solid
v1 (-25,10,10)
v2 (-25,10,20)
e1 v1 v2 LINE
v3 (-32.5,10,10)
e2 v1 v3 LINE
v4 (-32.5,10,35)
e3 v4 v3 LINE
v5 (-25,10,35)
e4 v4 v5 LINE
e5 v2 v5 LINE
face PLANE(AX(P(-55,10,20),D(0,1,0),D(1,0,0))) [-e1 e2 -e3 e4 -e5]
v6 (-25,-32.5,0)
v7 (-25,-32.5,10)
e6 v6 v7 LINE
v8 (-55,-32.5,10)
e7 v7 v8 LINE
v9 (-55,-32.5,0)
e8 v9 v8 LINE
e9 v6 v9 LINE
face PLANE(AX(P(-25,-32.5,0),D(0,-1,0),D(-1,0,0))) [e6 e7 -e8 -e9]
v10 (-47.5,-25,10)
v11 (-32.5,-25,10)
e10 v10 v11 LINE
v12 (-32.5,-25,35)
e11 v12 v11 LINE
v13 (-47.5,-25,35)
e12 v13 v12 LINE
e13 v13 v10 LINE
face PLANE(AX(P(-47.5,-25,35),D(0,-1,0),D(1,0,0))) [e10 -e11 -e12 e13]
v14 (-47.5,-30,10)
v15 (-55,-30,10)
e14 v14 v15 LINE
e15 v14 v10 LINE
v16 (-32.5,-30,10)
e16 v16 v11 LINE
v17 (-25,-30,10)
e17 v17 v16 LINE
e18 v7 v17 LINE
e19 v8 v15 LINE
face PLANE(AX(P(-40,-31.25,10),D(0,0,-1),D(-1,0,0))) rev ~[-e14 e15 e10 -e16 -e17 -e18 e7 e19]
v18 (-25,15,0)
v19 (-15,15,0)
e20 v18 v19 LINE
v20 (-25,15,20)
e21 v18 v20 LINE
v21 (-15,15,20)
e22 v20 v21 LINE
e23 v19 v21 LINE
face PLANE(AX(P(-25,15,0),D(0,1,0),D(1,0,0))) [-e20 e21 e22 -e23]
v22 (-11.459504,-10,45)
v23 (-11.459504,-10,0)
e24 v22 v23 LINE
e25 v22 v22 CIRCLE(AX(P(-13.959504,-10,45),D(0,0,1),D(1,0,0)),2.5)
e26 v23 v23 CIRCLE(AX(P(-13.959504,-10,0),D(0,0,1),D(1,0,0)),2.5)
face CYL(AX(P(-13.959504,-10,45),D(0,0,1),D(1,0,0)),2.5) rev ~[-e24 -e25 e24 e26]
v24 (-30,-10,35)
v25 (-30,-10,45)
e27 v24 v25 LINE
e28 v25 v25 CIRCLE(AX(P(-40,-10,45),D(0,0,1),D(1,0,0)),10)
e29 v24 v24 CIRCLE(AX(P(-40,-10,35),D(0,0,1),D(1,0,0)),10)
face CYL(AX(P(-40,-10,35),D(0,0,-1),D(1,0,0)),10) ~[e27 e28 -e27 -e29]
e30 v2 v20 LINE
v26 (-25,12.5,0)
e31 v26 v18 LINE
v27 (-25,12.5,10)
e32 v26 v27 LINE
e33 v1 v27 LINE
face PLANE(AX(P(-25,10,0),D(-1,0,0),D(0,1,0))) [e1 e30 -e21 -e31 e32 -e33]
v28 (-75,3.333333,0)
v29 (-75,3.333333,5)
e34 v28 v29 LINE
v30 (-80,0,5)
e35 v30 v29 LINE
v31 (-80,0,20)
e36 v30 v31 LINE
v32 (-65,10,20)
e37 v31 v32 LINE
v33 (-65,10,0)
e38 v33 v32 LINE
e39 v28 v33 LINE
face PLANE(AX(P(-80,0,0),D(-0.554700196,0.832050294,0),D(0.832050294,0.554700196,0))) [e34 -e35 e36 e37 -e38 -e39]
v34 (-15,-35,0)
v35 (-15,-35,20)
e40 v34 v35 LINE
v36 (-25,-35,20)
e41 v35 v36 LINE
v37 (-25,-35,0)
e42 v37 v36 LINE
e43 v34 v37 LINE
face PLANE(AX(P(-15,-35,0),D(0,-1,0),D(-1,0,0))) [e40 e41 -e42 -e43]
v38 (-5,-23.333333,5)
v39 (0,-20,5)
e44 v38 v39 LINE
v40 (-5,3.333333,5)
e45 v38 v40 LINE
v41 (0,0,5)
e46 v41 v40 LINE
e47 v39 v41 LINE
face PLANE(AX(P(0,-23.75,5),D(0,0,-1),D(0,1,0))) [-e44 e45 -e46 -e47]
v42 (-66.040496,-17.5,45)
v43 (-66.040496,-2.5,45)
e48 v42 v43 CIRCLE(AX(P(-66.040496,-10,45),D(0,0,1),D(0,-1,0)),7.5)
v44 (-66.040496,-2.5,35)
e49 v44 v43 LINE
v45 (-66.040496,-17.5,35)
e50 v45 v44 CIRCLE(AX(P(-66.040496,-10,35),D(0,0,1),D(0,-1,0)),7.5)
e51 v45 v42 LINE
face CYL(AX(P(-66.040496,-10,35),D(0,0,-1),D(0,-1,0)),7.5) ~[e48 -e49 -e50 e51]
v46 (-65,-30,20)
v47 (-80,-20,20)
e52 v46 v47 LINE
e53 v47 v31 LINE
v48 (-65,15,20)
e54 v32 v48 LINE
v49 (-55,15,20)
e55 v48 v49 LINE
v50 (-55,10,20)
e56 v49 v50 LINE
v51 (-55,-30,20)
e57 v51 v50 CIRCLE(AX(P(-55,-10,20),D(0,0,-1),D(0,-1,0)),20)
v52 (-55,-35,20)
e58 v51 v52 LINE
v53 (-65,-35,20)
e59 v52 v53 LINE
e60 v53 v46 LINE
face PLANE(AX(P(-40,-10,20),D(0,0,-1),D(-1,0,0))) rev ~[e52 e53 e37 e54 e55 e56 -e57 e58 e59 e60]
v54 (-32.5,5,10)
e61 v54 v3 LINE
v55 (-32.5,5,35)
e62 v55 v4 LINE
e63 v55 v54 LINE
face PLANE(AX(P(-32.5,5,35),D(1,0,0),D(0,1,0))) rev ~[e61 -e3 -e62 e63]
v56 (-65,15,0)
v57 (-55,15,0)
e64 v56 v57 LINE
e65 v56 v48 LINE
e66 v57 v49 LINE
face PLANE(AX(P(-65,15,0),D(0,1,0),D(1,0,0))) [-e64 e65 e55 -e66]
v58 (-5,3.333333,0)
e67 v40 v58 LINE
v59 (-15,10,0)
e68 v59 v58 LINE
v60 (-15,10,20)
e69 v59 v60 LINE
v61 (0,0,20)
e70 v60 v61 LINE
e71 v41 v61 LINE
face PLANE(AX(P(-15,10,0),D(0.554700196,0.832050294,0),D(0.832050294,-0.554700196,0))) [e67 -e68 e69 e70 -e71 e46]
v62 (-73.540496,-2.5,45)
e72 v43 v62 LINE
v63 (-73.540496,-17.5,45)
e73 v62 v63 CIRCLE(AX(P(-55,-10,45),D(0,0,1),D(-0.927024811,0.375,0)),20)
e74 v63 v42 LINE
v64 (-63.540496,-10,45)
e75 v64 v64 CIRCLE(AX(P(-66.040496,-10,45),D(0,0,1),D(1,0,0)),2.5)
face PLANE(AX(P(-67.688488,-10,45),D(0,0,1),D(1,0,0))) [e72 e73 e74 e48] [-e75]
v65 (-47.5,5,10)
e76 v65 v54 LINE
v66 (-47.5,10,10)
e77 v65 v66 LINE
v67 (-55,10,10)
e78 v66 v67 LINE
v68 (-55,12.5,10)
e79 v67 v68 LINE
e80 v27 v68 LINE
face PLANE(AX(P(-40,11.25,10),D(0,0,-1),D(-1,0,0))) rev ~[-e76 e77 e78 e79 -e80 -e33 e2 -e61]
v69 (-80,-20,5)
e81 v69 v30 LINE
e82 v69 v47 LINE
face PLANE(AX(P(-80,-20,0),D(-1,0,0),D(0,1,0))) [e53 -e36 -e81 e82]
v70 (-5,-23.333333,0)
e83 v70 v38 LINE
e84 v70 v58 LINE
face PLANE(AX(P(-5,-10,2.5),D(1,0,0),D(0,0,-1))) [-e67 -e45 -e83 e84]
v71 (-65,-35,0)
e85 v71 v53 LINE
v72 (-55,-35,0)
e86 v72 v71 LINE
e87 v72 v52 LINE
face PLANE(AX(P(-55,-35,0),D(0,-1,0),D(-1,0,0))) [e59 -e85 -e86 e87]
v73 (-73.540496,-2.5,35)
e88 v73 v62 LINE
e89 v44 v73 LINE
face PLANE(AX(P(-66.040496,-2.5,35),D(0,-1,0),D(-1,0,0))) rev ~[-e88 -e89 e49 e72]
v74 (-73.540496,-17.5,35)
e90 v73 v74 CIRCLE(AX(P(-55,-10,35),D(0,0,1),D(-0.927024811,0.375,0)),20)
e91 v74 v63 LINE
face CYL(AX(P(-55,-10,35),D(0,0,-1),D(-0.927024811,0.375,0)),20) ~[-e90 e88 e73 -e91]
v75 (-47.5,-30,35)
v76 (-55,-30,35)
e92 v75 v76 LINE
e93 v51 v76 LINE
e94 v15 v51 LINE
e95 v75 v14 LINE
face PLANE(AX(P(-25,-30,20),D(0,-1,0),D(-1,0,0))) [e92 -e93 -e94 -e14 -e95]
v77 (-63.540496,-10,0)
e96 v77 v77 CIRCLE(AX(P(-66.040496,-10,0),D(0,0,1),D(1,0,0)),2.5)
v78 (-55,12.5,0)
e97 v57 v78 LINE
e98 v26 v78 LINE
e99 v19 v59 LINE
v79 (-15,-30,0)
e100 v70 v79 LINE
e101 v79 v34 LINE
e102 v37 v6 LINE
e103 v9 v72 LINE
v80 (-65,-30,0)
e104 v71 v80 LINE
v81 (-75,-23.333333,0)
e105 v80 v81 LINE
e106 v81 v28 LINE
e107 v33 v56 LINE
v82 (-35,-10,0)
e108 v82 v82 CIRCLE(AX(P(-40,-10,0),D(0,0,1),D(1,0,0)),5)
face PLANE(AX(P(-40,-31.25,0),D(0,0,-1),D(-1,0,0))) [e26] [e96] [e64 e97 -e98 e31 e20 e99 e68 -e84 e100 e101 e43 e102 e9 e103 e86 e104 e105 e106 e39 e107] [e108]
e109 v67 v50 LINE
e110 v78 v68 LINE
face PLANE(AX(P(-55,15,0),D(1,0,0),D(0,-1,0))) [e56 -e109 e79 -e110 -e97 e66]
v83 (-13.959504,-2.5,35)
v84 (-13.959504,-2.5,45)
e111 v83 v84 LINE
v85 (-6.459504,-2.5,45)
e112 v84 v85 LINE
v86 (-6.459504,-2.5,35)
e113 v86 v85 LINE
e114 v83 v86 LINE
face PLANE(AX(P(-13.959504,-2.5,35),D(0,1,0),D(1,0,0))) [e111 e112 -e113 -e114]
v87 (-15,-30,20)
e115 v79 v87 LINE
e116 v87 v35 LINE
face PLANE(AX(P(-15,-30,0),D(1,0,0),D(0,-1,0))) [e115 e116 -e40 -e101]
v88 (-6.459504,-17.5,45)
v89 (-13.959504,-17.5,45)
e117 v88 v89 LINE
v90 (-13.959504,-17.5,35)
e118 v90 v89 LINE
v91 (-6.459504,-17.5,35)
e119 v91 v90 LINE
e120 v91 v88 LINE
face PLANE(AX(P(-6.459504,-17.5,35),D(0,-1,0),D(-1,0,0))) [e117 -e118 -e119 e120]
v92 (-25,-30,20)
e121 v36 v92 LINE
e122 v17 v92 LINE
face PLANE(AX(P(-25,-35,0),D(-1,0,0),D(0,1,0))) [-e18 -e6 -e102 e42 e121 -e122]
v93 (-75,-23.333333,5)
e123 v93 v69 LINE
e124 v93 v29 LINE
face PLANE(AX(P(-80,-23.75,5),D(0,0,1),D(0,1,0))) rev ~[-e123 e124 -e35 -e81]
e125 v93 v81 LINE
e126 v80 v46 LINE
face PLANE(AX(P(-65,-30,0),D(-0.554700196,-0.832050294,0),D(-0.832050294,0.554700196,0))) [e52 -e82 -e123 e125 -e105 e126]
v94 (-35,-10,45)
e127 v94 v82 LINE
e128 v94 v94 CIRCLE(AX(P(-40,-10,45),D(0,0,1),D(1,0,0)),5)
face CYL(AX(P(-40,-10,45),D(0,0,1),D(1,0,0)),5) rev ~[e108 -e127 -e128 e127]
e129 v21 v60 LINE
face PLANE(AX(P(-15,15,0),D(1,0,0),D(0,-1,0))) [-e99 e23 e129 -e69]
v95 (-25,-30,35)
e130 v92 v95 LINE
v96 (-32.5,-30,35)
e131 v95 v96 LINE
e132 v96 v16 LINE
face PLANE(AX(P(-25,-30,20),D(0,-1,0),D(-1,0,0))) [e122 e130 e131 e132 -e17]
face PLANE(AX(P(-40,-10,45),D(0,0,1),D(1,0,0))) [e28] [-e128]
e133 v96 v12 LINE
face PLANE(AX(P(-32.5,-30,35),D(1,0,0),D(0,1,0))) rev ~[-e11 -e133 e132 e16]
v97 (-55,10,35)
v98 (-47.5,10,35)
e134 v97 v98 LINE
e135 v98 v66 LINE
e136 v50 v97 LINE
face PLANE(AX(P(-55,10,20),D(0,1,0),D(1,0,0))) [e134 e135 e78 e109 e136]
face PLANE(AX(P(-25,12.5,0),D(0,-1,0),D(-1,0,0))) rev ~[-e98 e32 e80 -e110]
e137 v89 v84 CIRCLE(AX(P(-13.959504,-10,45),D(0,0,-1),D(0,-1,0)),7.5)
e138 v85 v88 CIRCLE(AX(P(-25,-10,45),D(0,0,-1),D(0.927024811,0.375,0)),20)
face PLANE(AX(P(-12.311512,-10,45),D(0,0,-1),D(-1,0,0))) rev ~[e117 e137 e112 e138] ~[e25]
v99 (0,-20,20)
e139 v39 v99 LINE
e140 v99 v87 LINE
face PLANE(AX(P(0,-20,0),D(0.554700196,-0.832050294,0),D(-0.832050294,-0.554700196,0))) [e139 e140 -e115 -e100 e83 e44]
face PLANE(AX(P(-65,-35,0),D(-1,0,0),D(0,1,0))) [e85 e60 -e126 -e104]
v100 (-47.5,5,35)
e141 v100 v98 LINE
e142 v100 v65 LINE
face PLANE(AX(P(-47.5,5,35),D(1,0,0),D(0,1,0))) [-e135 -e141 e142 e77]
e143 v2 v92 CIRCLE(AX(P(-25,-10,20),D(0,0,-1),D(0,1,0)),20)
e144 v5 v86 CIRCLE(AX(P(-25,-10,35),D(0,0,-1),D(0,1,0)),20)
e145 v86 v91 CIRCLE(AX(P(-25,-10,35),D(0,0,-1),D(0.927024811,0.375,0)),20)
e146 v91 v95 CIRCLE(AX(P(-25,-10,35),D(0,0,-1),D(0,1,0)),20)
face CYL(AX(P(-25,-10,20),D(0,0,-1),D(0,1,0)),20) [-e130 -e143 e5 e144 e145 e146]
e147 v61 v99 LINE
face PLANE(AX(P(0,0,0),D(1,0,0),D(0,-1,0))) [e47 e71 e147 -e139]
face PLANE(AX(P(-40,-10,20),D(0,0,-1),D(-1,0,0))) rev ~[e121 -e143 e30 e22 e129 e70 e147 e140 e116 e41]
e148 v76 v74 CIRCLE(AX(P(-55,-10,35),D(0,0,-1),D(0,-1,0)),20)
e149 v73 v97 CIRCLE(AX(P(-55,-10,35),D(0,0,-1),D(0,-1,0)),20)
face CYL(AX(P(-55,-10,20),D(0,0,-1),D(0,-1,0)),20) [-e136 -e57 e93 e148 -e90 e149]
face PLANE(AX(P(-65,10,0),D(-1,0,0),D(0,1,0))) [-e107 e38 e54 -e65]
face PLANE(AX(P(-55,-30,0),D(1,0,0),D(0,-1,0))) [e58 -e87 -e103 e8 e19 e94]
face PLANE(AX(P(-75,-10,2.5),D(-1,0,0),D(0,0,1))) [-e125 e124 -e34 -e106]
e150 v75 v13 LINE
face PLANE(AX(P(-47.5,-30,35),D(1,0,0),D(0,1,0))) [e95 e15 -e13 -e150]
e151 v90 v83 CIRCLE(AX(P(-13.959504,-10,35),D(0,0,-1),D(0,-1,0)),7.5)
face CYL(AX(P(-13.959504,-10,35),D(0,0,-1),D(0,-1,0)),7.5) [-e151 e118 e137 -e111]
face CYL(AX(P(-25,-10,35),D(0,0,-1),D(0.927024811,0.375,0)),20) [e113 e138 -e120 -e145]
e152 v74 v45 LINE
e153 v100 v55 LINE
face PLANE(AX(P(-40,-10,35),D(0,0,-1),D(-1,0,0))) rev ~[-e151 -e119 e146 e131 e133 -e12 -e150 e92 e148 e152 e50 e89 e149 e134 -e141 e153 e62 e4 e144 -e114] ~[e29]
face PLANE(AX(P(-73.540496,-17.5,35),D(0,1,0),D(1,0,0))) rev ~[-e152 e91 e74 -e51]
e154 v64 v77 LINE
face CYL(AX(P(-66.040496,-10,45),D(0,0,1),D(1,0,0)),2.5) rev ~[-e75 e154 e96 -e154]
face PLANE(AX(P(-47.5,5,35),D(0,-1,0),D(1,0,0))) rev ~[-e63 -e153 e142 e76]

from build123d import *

# Parameters (mm, degrees)
BOSS_EXTRUDE1_DEPTH = 20
SKETCH2_W           = 5
SKETCH2_H           = 27.5
CUT_EXTRUDE2_DEPTH  = 5
SKETCH3_W           = 5
SKETCH3_H           = 27.5
CUT_EXTRUDE3_DEPTH  = 5
BOSS_EXTRUDE2_DEPTH = 15
SKETCH5_W           = 30
SKETCH5_H           = 2.5
BOSS_EXTRUDE3_DEPTH = 10
SKETCH6_W           = 15
SKETCH6_H           = 5
CUT_EXTRUDE4_DEPTH  = 25
SKETCH7_R           = 10
BOSS_EXTRUDE4_DEPTH = 10
SKETCH8_R           = 5
CUT_EXTRUDE5_DEPTH  = 310
BOSS_EXTRUDE5_DEPTH = 10
SKETCH11_R          = 2.5
CUT_EXTRUDE6_DEPTH  = 300


with BuildPart() as part:
    # Sketch1 → Boss-Extrude1 (new body)
    with BuildSketch(Plane.XY):
        Polygon((-80, 0), (-65, 10), (-65, 15), (-55, 15), (-55, 10), (-25, 10), (-25, 15), (-15, 15), (-15, 10), (0, 0), (0, -20), (-15, -30), (-15, -35), (-25, -35), (-25, -30), (-55, -30), (-55, -35), (-65, -35), (-65, -30), (-80, -20), align=None)
    extrude(amount=BOSS_EXTRUDE1_DEPTH)

    # Sketch2 → Cut-Extrude2 (cut)
    with BuildSketch(Plane.ZY.offset(80)):
        with Locations((2.5, -10)):
            Rectangle(SKETCH2_W, SKETCH2_H)
    extrude(amount=-CUT_EXTRUDE2_DEPTH, mode=Mode.SUBTRACT)

    # Sketch3 → Cut-Extrude3 (cut)
    with BuildSketch(Plane(origin=(0, 0, 0), x_dir=(0, 0, -1), z_dir=(1, 0, 0))):
        with Locations((-2.5, -10)):
            Rectangle(SKETCH3_W, SKETCH3_H)
    extrude(amount=-CUT_EXTRUDE3_DEPTH, mode=Mode.SUBTRACT)

    # Sketch4 → Boss-Extrude2 (add)
    with BuildSketch(Plane.XY.offset(20)):
        with BuildLine():
            Line((-55, 10), (-25, 10))
            ThreePointArc((-25, 10), (-5, -10), (-25, -30))
            Line((-25, -30), (-55, -30))
            ThreePointArc((-55, -30), (-75, -10), (-55, 10))
        make_face()
    extrude(amount=BOSS_EXTRUDE2_DEPTH)

    # Sketch5 → Boss-Extrude3 (add)
    with BuildSketch(Plane(origin=(0, 0, 0), x_dir=(-1, 0, 0), z_dir=(0, 0, -1))):
        with Locations((40, -31.25)):
            Rectangle(SKETCH5_W, SKETCH5_H)
        with Locations((40, 11.25)):
            Rectangle(SKETCH5_W, SKETCH5_H)
    extrude(amount=-BOSS_EXTRUDE3_DEPTH)

    # Sketch6 → Cut-Extrude4 (cut)
    with BuildSketch(Plane.XY.offset(35)):
        with Locations((-40, -27.5)):
            Rectangle(SKETCH6_W, SKETCH6_H)
        with Locations((-40, 7.5)):
            Rectangle(SKETCH6_W, SKETCH6_H)
    extrude(amount=-CUT_EXTRUDE4_DEPTH, mode=Mode.SUBTRACT)

    # Sketch7 → Boss-Extrude4 (add)
    with BuildSketch(Plane.XY.offset(35)):
        with Locations((-40, -10)):
            Circle(SKETCH7_R)
    extrude(amount=BOSS_EXTRUDE4_DEPTH)

    # Sketch8 → Cut-Extrude5 (cut)
    with BuildSketch(Plane.XY.offset(45)):
        with Locations((-40, -10)):
            Circle(SKETCH8_R)
    extrude(amount=-CUT_EXTRUDE5_DEPTH, mode=Mode.SUBTRACT)

    # Sketch10 → Boss-Extrude5 (add)
    with BuildSketch(Plane.XY.offset(35)):
        with BuildLine():
            Line((-73.540496218, -17.5), (-66.040496218, -17.5))
            ThreePointArc((-66.040496218, -17.5), (-58.540496218, -10), (-66.040496218, -2.5))
            Line((-66.040496218, -2.5), (-73.540496218, -2.5))
            ThreePointArc((-73.540496218, -2.5), (-75, -10), (-73.540496218, -17.5))
        make_face()
        with BuildLine():
            Line((-6.459503782, -17.5), (-13.959503782, -17.5))
            ThreePointArc((-13.959503782, -17.5), (-21.459503782, -10), (-13.959503782, -2.5))
            Line((-13.959503782, -2.5), (-6.459503782, -2.5))
            ThreePointArc((-6.459503782, -2.5), (-5, -10), (-6.459503782, -17.5))
        make_face()
    extrude(amount=BOSS_EXTRUDE5_DEPTH)

    # Sketch11 → Cut-Extrude6 (cut)
    with BuildSketch(Plane.XY.offset(45)):
        with Locations((-66.040496218, -10)):
            Circle(SKETCH11_R)
        with Locations((-13.959503782, -10)):
            Circle(SKETCH11_R)
    extrude(amount=-CUT_EXTRUDE6_DEPTH, mode=Mode.SUBTRACT)


solid = part.part
